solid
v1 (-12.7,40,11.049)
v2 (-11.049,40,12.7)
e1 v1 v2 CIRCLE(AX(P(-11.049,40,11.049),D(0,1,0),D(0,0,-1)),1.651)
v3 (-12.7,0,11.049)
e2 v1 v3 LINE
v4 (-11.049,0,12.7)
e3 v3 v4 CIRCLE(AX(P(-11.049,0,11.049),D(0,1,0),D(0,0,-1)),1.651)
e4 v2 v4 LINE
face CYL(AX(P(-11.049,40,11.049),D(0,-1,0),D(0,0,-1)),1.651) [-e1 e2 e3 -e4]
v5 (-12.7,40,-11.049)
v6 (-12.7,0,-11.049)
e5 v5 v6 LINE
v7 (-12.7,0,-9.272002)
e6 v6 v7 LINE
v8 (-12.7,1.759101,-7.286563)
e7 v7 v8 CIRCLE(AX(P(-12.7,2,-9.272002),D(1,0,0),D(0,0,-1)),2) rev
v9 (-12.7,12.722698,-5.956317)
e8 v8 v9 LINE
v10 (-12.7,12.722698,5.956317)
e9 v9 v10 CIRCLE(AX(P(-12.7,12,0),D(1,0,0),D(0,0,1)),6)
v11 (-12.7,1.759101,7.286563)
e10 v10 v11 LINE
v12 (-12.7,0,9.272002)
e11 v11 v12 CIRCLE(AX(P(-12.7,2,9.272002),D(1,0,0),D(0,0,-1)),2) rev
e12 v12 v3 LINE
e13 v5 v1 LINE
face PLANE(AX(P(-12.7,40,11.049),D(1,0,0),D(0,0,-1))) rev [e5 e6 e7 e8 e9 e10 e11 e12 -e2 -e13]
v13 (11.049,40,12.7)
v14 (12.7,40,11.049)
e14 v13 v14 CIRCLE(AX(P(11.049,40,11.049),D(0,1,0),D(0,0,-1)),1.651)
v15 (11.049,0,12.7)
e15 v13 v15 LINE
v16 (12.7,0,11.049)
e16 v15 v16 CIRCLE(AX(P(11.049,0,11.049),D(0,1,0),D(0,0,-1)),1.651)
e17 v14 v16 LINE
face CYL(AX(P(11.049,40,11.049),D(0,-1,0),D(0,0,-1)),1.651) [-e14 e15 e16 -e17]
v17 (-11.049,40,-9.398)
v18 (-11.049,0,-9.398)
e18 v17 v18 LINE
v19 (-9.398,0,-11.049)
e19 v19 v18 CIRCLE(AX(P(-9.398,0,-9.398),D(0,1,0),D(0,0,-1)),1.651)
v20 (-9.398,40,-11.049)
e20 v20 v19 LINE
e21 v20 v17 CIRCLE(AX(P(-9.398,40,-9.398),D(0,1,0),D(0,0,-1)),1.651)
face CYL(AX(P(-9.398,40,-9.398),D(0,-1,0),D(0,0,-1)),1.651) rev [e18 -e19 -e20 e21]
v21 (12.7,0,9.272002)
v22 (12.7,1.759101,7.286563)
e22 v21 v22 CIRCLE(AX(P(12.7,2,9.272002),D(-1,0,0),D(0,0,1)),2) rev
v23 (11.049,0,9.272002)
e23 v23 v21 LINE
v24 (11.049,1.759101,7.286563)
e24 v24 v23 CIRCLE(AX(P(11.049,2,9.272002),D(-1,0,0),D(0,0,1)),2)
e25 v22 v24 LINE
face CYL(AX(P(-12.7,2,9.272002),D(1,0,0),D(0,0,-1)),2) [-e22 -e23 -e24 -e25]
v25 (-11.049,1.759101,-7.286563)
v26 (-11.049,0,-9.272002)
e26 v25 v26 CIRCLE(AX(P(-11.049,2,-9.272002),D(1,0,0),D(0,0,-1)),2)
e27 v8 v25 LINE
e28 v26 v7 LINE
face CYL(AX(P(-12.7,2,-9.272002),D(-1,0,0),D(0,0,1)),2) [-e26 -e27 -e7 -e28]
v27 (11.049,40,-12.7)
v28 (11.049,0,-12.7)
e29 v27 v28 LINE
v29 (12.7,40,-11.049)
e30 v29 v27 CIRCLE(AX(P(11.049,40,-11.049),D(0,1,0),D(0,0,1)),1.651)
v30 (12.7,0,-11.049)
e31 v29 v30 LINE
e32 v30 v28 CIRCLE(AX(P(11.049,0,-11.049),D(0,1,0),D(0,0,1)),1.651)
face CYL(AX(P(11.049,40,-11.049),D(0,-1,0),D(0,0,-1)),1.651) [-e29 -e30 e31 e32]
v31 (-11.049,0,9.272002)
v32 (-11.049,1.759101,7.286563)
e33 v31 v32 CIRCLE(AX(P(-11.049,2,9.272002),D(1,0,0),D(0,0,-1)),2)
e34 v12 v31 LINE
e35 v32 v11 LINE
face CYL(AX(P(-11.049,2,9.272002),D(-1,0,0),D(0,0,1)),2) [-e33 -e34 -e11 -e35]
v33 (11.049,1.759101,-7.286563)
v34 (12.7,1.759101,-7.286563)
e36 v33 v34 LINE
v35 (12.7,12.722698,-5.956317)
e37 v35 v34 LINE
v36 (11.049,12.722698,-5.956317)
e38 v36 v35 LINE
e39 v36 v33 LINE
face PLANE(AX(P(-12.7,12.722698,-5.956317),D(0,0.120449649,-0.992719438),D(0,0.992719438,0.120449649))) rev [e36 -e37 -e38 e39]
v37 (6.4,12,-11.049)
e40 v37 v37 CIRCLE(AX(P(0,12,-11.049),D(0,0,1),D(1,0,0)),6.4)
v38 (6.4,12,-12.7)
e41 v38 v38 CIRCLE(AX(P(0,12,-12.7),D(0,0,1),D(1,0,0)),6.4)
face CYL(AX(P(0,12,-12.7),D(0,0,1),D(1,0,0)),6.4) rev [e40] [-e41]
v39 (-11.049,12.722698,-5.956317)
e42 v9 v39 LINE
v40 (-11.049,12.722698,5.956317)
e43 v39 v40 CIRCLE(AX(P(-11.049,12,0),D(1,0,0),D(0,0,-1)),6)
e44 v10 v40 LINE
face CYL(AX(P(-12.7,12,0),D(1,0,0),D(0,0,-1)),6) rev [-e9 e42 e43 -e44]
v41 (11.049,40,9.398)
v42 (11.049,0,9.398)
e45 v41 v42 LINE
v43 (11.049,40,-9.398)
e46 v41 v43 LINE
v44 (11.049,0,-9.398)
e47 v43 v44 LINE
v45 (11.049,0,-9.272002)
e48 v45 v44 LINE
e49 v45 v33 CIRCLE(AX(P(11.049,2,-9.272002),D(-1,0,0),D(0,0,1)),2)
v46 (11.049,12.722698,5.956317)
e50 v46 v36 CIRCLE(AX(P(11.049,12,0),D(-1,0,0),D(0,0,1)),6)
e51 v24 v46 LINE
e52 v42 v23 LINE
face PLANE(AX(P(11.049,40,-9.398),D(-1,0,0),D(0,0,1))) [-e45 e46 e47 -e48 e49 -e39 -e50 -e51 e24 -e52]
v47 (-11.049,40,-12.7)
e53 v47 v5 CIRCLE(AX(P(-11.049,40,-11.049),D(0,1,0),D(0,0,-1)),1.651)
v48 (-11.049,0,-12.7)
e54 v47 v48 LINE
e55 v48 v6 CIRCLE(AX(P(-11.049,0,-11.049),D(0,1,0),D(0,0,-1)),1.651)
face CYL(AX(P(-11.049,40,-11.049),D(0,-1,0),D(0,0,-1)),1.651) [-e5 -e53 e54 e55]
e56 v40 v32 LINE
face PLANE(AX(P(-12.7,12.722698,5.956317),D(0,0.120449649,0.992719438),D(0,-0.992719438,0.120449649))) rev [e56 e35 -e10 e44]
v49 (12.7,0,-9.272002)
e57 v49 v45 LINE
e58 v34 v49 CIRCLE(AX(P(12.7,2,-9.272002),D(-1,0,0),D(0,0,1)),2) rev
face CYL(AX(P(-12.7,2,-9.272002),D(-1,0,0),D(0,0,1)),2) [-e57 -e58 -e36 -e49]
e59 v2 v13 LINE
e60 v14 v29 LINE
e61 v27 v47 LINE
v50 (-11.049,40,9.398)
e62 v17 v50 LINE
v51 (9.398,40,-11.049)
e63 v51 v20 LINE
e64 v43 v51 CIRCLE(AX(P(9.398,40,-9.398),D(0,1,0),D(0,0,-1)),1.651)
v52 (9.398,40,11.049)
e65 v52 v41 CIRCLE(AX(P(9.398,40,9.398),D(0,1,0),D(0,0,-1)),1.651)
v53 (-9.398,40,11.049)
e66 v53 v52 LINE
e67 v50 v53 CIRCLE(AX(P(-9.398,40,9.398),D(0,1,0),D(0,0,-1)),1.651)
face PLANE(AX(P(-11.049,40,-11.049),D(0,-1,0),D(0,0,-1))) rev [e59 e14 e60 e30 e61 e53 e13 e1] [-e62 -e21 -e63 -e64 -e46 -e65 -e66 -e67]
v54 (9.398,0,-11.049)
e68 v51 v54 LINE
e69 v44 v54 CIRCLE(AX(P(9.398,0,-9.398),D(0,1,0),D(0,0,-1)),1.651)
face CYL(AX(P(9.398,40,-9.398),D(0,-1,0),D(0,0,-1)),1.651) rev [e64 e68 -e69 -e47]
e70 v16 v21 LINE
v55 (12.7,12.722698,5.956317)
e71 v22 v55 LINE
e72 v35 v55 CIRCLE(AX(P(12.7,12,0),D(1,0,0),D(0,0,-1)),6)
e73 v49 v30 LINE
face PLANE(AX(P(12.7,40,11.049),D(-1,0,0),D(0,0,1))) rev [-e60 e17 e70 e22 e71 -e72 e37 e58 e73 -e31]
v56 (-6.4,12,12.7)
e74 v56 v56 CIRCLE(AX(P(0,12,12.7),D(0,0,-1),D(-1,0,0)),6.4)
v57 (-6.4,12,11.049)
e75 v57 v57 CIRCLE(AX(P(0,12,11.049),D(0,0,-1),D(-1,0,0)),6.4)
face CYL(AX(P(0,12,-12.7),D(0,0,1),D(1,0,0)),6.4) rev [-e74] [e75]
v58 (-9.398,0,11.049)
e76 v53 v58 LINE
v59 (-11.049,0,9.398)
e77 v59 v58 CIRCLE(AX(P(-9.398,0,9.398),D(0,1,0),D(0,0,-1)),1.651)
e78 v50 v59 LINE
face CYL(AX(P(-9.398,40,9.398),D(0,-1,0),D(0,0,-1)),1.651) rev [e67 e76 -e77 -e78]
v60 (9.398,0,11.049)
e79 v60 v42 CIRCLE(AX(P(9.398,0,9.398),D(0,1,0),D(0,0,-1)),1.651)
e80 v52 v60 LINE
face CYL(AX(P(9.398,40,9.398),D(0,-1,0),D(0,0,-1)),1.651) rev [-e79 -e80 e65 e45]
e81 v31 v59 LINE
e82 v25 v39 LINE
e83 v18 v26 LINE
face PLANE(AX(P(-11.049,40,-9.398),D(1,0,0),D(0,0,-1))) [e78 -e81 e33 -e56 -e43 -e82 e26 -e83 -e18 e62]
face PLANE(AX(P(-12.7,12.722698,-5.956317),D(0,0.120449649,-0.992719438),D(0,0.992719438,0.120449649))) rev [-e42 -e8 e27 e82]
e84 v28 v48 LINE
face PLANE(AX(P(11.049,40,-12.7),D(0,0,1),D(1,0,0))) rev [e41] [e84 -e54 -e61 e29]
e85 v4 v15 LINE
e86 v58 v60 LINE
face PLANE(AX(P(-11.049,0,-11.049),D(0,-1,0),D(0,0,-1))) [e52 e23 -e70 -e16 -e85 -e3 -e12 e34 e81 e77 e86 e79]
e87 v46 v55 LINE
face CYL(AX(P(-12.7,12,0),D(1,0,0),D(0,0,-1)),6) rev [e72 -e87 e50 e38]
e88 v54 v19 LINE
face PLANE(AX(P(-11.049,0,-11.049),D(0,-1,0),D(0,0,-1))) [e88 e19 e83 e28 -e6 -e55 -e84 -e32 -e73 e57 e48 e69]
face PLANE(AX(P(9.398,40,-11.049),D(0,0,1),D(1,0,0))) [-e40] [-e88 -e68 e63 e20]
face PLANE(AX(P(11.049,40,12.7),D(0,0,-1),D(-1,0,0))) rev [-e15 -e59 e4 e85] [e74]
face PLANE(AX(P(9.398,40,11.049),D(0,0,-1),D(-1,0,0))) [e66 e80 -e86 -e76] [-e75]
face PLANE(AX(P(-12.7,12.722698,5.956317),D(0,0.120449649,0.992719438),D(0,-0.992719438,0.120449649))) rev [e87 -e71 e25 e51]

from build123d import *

# Parameters (mm, degrees)
FSAE_CHASSIS_MCMASTER_4130_1IN_X_065IN_DEPTH = 40
CUT_EXTRUDE1_DEPTH                           = 50.055580722
CUT_EXTRUDE1_DEPTH_BACK                      = 50.055580722
SKETCH3_R                                    = 6.4
CUT_EXTRUDE2_DEPTH                           = 50.055580722
CUT_EXTRUDE2_DEPTH_BACK                      = 50.055580722
FILLET1_R                                    = 2


with BuildPart() as part:
    # Sketch2 → Fsae chassis MCMASTER 4130 1IN X .065IN SQUARE STOCK(1) (new body)
    with BuildSketch(Plane.ZX):
        with BuildLine():
            Line((11.049, 12.7), (-11.049, 12.7))
            ThreePointArc((-11.049, 12.7), (-12.216433296, 12.216433296), (-12.7, 11.049))
            Line((-12.7, 11.049), (-12.7, -11.049))
            ThreePointArc((-12.7, -11.049), (-12.216433296, -12.216433296), (-11.049, -12.7))
            Line((-11.049, -12.7), (11.049, -12.7))
            ThreePointArc((11.049, -12.7), (12.216433296, -12.216433296), (12.7, -11.049))
            Line((12.7, -11.049), (12.7, 11.049))
            ThreePointArc((12.7, 11.049), (12.216433296, 12.216433296), (11.049, 12.7))
        make_face()
        with BuildLine():
            Line((-9.398, 11.049), (9.398, 11.049))
            ThreePointArc((9.398, 11.049), (10.565433296, 10.565433296), (11.049, 9.398))
            Line((11.049, 9.398), (11.049, -9.398))
            ThreePointArc((11.049, -9.398), (10.565433296, -10.565433296), (9.398, -11.049))
            Line((9.398, -11.049), (-9.398, -11.049))
            ThreePointArc((-9.398, -11.049), (-10.565433296, -10.565433296), (-11.049, -9.398))
            Line((-11.049, -9.398), (-11.049, 9.398))
            ThreePointArc((-11.049, 9.398), (-10.565433296, 10.565433296), (-9.398, 11.049))
        make_face(mode=Mode.SUBTRACT)
    extrude(amount=FSAE_CHASSIS_MCMASTER_4130_1IN_X_065IN_DEPTH)

    # Sketch3 → Cut-Extrude1 (cut, two sides: drawn at the far end of the back side and taken through both)
    with BuildSketch(Plane.XY.offset(12.7).offset(-CUT_EXTRUDE1_DEPTH_BACK)):
        with Locations((0, 12)):
            Circle(SKETCH3_R)
    extrude(amount=CUT_EXTRUDE1_DEPTH + CUT_EXTRUDE1_DEPTH_BACK, mode=Mode.SUBTRACT)

    # Sketch4 → Cut-Extrude2 (cut, two sides: drawn at the far end of the back side and taken through both)
    with BuildSketch(Plane(origin=(12.7, 0, 0), x_dir=(0, 0, -1), z_dir=(1, 0, 0)).offset(-CUT_EXTRUDE2_DEPTH_BACK)):
        with BuildLine():
            Line((-7.5, 0), (7.5, 0))
            Line((7.5, 0), (5.956316627, 12.722697892))
            ThreePointArc((5.956316627, 12.722697892), (0, 18), (-5.956316627, 12.722697892))
            Line((-5.956316627, 12.722697892), (-7.5, 0))
        make_face()
    extrude(amount=CUT_EXTRUDE2_DEPTH + CUT_EXTRUDE2_DEPTH_BACK, mode=Mode.SUBTRACT)

    # Fillet1
    fillet1_edges = [part.edges().sort_by_distance(p)[0] for p in [
        (11.8745, 0, 7.5),
        (11.8745, 0, -7.5),
        (-11.8745, 0, -7.5),
        (-11.8745, 0, 7.5),
    ]]
    fillet(fillet1_edges, radius=FILLET1_R)


solid = part.part
